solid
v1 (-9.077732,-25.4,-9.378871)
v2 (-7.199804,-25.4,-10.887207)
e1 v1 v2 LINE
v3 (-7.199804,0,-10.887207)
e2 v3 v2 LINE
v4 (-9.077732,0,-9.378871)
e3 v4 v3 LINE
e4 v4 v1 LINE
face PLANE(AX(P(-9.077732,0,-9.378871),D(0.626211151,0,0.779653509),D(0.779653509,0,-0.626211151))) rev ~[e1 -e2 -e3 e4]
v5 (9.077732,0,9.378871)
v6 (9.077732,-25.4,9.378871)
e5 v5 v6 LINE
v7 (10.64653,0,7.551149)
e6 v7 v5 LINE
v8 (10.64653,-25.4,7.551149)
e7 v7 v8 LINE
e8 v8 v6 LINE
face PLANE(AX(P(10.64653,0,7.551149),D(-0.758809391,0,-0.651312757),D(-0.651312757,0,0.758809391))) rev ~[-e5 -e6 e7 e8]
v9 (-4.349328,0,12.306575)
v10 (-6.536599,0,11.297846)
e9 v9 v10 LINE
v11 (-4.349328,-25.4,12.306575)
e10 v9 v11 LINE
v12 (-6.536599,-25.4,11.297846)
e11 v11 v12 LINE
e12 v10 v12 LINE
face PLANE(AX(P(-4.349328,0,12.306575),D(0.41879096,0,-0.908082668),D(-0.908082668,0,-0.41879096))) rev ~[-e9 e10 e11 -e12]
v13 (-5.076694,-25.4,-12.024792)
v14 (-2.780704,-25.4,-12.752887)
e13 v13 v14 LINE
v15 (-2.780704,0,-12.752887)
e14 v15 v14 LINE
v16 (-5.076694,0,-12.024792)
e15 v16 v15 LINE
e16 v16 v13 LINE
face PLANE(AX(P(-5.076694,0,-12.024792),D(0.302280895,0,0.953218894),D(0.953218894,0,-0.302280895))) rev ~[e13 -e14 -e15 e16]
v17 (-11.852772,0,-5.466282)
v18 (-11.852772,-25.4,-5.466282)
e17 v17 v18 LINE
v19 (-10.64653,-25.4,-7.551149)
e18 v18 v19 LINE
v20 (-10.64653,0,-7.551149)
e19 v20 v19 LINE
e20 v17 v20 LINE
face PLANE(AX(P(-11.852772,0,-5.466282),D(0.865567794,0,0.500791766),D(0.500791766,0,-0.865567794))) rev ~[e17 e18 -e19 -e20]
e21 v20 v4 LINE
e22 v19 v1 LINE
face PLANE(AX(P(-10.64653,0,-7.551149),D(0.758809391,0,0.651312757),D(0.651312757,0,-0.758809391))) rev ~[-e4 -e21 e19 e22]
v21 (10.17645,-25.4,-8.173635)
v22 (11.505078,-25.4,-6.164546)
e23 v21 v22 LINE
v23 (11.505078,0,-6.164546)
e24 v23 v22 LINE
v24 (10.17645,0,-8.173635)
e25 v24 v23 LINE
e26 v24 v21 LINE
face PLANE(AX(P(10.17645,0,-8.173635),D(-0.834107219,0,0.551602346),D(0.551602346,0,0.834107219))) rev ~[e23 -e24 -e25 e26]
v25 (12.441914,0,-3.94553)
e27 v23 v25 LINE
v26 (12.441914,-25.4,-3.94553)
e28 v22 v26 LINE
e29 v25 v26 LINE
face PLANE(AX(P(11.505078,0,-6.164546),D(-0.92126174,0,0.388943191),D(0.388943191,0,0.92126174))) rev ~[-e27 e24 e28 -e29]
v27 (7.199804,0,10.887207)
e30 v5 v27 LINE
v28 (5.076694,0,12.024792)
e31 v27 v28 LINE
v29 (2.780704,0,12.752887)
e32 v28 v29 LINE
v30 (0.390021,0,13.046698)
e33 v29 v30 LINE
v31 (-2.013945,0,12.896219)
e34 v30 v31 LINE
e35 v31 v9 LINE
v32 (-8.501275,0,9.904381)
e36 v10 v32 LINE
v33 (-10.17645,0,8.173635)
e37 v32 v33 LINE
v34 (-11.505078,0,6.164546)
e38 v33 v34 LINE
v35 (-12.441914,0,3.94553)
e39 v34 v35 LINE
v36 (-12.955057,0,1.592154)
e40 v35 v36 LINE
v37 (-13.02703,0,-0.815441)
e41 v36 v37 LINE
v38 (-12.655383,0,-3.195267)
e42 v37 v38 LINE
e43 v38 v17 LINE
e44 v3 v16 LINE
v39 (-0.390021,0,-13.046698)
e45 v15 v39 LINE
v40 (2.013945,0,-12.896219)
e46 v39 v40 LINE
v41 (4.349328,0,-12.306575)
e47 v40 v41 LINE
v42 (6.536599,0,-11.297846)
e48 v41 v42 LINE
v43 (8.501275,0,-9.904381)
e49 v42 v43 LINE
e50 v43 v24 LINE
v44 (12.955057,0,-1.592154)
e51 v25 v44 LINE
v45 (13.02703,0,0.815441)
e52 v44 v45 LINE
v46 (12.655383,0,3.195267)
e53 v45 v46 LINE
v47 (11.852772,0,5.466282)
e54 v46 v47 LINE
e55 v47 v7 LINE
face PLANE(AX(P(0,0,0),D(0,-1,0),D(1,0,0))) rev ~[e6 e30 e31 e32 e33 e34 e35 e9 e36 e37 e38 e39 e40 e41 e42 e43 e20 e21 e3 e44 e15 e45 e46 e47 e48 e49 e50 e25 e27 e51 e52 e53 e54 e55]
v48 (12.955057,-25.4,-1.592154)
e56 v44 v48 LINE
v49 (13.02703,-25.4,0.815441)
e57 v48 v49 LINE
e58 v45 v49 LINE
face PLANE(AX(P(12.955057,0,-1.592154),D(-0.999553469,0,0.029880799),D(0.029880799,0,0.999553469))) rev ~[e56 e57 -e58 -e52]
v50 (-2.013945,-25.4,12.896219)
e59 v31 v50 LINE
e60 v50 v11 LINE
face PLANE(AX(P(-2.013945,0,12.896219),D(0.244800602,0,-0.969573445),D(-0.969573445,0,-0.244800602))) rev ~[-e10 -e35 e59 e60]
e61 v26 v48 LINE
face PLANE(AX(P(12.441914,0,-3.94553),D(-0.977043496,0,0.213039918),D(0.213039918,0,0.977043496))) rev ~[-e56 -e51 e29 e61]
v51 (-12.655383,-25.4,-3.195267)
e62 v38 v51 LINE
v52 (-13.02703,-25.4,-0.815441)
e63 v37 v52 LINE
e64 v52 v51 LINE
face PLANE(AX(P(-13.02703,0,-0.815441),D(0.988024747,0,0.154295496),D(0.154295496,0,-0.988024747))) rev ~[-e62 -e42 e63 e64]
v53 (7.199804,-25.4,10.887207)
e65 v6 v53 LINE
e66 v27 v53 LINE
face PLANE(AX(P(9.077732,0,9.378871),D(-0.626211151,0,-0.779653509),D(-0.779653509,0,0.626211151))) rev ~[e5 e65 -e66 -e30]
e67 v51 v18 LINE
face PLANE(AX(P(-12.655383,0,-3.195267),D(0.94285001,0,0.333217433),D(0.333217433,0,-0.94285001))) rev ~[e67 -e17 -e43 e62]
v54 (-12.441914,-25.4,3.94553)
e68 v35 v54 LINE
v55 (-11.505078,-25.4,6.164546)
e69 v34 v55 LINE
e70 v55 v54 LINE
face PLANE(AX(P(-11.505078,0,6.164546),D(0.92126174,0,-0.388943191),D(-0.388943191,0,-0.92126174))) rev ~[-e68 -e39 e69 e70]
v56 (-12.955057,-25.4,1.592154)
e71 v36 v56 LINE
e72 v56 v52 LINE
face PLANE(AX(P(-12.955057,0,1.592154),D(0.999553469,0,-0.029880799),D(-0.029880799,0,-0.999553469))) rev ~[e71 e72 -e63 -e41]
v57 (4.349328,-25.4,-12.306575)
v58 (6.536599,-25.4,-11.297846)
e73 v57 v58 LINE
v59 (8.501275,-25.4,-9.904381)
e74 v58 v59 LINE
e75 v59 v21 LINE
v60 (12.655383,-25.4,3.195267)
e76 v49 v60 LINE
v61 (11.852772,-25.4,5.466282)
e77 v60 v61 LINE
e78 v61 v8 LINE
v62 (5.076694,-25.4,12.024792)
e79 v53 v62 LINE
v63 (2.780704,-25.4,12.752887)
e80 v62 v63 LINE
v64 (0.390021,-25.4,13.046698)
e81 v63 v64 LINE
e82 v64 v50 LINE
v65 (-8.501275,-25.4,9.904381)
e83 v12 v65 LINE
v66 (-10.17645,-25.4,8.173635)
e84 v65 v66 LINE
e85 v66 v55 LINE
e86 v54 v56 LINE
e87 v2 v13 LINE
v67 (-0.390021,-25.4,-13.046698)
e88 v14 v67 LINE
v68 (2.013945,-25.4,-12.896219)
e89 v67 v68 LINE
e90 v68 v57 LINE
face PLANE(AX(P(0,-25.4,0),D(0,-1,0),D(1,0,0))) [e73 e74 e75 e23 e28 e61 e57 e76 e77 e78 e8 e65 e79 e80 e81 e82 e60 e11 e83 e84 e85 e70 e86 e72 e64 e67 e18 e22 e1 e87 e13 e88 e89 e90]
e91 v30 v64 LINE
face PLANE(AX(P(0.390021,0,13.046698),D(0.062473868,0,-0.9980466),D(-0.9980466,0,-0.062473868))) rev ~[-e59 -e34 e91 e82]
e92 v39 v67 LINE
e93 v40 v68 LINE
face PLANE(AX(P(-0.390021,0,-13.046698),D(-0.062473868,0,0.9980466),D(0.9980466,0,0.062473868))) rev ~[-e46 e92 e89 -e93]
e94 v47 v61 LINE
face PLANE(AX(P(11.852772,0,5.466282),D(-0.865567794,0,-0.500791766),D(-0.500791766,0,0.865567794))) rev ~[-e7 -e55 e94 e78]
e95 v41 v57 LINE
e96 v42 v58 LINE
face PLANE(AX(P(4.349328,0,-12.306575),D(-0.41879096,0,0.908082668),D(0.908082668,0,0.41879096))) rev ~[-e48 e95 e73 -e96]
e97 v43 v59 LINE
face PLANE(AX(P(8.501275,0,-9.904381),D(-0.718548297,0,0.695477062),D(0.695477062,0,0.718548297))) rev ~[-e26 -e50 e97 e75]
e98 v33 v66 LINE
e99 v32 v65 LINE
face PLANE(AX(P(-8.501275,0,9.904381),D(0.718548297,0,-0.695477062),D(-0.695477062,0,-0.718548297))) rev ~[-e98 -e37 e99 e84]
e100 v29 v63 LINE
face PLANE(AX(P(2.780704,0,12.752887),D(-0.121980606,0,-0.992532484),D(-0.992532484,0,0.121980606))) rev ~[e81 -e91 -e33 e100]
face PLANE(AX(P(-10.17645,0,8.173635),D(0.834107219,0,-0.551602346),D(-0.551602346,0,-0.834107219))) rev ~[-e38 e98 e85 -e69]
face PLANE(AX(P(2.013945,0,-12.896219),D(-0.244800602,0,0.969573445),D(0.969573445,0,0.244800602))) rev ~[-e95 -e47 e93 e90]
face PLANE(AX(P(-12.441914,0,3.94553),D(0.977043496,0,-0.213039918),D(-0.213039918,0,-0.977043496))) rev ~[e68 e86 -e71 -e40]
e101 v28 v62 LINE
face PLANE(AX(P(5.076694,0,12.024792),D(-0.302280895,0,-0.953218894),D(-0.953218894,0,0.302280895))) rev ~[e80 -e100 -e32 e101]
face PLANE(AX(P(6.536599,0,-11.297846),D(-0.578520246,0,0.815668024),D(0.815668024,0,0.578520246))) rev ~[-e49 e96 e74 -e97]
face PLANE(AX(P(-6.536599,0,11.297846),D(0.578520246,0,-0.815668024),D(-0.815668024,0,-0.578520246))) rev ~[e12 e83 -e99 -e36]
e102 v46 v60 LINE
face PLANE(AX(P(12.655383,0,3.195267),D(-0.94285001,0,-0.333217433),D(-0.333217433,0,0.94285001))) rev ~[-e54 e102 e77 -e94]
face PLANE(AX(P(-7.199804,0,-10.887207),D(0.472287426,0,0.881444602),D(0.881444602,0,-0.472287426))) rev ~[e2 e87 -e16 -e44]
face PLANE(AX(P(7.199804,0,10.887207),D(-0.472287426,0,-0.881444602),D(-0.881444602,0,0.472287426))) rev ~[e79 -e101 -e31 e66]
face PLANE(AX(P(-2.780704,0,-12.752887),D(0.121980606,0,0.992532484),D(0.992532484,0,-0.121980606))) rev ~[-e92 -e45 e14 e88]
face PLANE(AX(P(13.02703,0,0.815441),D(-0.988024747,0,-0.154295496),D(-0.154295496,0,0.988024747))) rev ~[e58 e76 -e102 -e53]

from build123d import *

# Parameters (mm, degrees)
F1_DEPTH = 25.4


with BuildPart() as f1:
    # F0 (on Front) → F1 (new body)
    with BuildSketch(Plane.XZ):
        Polygon((12.441914, -3.94553), (12.955057, -1.592154), (13.02703, 0.815441), (12.655383, 3.195267), (11.852772, 5.466282), (10.64653, 7.551149), (9.077732, 9.378871), (7.199804, 10.887207), (5.076694, 12.024792), (2.780704, 12.752887), (0.390021, 13.046698), (-2.013945, 12.896219), (-4.349328, 12.306575), (-6.536599, 11.297846), (-8.501275, 9.904381), (-10.17645, 8.173635), (-11.505078, 6.164546), (-12.441914, 3.94553), (-12.955057, 1.592154), (-13.02703, -0.815441), (-12.655383, -3.195267), (-11.852772, -5.466282), (-10.64653, -7.551149), (-9.077732, -9.378871), (-7.199804, -10.887207), (-5.076694, -12.024792), (-2.780704, -12.752887), (-0.390021, -13.046698), (2.013945, -12.896219), (4.349328, -12.306575), (6.536599, -11.297846), (8.501275, -9.904381), (10.17645, -8.173635), (11.505078, -6.164546), align=None)
    extrude(amount=F1_DEPTH)


solid = f1.part
